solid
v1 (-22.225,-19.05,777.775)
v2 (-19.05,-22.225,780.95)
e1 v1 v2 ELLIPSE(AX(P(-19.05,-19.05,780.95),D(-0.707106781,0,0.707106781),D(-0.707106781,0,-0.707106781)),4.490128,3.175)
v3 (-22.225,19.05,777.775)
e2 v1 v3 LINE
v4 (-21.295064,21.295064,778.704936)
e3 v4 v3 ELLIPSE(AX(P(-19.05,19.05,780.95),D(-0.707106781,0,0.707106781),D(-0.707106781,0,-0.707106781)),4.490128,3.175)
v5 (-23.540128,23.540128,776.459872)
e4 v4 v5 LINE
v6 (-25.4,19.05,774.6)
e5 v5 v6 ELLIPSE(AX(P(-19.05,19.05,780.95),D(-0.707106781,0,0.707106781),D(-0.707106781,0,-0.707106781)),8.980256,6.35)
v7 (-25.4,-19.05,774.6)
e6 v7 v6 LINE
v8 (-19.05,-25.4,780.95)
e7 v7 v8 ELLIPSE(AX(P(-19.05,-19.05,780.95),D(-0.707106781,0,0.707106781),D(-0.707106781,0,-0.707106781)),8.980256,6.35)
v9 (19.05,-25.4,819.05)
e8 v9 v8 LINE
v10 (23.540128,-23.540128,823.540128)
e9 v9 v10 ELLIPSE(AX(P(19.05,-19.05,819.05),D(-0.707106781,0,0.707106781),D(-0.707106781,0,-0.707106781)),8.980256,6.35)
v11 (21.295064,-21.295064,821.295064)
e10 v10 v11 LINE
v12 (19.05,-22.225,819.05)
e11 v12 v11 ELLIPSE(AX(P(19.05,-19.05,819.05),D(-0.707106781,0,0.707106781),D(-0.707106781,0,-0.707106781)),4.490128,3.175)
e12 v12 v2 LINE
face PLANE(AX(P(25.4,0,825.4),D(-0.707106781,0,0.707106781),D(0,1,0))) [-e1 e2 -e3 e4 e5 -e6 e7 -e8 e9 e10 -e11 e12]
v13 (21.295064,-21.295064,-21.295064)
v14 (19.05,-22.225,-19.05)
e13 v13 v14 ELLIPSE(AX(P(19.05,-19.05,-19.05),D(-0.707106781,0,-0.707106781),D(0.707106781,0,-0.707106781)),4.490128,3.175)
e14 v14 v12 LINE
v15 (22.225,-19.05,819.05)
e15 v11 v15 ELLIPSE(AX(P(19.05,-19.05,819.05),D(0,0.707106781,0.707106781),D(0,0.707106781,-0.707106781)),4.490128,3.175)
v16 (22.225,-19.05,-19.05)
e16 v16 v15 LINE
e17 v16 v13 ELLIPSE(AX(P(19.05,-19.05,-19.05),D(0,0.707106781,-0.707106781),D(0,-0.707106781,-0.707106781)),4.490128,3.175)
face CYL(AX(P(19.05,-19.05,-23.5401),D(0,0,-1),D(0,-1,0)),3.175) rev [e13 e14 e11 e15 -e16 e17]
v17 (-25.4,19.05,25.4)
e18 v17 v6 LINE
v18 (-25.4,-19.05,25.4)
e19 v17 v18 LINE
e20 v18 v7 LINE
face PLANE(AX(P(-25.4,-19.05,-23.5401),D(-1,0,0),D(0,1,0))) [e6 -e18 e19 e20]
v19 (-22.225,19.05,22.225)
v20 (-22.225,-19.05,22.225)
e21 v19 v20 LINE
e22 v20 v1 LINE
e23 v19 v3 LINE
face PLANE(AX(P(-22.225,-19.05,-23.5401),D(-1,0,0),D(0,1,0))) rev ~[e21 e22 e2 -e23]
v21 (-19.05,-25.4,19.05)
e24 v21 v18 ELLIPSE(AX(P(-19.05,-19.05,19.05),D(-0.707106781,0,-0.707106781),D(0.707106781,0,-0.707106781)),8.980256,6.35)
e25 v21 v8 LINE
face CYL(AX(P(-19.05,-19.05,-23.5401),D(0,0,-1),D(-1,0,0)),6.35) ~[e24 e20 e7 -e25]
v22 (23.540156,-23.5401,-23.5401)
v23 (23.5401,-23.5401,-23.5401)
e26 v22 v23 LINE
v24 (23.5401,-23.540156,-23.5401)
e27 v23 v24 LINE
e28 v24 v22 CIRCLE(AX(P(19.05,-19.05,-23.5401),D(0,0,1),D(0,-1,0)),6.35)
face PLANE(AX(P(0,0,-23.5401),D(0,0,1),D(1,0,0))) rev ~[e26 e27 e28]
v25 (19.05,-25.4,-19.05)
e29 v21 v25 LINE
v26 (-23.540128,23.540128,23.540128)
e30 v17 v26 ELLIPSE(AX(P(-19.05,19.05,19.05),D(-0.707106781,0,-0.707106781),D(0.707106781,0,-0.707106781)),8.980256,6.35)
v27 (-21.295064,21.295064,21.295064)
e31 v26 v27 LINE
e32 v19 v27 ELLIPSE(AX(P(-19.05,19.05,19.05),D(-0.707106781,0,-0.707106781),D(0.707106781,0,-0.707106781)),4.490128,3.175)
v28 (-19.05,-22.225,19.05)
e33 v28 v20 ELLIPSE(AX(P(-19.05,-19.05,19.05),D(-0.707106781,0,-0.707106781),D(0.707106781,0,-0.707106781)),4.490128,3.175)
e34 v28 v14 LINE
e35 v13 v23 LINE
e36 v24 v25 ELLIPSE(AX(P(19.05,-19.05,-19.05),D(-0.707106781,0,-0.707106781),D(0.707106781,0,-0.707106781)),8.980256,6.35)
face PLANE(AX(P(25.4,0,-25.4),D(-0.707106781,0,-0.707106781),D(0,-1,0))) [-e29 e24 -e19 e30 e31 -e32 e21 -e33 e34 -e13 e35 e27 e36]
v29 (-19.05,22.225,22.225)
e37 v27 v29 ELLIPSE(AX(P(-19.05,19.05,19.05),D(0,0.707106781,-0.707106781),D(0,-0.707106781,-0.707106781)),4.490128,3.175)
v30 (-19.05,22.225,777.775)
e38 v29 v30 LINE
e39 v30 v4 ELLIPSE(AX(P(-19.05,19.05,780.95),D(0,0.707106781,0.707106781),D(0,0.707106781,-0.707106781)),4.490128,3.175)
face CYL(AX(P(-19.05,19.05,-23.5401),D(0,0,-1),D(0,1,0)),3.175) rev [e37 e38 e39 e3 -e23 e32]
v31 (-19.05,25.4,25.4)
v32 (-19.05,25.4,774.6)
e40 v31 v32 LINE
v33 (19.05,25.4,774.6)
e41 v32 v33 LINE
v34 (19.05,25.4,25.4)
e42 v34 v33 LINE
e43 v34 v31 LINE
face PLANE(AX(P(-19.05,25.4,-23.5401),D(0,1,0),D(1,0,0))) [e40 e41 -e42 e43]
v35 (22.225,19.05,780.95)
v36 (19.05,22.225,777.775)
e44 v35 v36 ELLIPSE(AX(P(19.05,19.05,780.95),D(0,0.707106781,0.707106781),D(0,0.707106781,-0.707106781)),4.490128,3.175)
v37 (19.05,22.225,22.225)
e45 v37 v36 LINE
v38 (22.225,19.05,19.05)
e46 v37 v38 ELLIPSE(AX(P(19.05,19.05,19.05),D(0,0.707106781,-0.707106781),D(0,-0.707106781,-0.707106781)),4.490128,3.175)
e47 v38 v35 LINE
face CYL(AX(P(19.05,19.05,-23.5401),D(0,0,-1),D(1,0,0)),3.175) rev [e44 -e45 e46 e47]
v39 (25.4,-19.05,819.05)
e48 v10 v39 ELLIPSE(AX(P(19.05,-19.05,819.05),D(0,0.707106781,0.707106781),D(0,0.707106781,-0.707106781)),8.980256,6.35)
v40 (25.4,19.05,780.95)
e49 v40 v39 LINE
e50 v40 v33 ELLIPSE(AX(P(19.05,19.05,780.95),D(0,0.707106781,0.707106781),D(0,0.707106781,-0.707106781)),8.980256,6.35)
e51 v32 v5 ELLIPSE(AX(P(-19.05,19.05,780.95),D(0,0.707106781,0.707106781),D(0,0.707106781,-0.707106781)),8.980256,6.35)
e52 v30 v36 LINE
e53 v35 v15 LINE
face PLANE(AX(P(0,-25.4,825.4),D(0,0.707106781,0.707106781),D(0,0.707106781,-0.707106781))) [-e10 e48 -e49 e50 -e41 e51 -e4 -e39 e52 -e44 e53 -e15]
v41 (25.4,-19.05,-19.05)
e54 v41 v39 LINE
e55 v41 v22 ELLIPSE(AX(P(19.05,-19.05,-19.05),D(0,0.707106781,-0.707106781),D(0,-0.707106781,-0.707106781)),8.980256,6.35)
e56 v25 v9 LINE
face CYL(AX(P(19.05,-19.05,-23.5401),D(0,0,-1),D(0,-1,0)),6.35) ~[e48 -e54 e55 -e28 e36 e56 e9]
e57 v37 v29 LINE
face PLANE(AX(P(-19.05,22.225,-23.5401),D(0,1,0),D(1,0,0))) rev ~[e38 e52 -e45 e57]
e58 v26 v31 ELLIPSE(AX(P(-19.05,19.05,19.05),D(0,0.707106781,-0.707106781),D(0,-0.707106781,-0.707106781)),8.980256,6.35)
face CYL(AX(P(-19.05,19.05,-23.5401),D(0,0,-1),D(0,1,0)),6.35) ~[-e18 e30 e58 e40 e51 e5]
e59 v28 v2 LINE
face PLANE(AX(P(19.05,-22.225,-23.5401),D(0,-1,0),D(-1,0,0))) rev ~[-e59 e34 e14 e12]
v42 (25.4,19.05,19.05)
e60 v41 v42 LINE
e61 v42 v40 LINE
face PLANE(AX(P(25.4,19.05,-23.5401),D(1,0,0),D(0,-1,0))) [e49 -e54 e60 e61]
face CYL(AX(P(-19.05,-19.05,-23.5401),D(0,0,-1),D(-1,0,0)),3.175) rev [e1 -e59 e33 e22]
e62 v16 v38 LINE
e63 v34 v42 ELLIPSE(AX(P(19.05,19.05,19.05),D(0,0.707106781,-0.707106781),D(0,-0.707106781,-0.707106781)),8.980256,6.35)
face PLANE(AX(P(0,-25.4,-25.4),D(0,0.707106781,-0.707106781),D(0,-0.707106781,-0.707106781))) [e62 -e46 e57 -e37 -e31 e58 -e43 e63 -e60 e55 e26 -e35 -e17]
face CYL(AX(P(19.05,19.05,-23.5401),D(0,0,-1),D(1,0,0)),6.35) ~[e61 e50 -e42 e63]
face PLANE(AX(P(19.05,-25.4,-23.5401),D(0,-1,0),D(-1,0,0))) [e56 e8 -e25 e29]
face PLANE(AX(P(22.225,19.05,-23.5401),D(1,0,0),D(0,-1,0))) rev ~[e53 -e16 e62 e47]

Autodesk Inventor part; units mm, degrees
ref_plane "Plano inicial" through (0, 0, -23.5401) normal (0, 0, 1) x (1, 0, 0)
ref_plane "Plano final" through (0, 0, 823.5401) normal (0, 0, 1) x (1, 0, 0)
sketch "Boceto" plane through (0, 0, 0) normal (0, 0, 1) x (1, 0, 0)
  line L0 (-25.4, -19.05) -> (-25.4, 19.05)
  line L1 (-19.05, 25.4) -> (19.05, 25.4)
  line L2 (25.4, 19.05) -> (25.4, -19.05)
  line L3 (19.05, -25.4) -> (-19.05, -25.4)
  arc A0 (-25.4, -19.05) -> (-19.05, -25.4) centre (-19.05, -19.05) ccw
  arc A1 (-19.05, 25.4) -> (-25.4, 19.05) centre (-19.05, 19.05) ccw
  arc A2 (25.4, 19.05) -> (19.05, 25.4) centre (19.05, 19.05) ccw
  arc A3 (19.05, -25.4) -> (25.4, -19.05) centre (19.05, -19.05) ccw
  arc A4 (-19.05, 22.225) -> (-22.225, 19.05) centre (-19.05, 19.05) ccw
  line L4 (-19.05, 22.225) -> (19.05, 22.225)
  arc A5 (22.225, 19.05) -> (19.05, 22.225) centre (19.05, 19.05) ccw
  line L5 (22.225, 19.05) -> (22.225, -19.05)
  arc A6 (19.05, -22.225) -> (22.225, -19.05) centre (19.05, -19.05) ccw
  line L6 (19.05, -22.225) -> (-19.05, -22.225)
  arc A7 (-22.225, -19.05) -> (-19.05, -22.225) centre (-19.05, -19.05) ccw
  line L7 (-22.225, -19.05) -> (-22.225, 19.05)
  line L8 (0, 37.4012) -> (0, -37.4012) construction
  line L9 (-37.4012, 0) -> (37.4012, 0) construction
  dimension "d10" = 50.8
  dimension "d11" = 50.8
  dimension "d12" = 3.175
  dimension "d15" = 25.4
  dimension "d16" = 25.4
  dimension "d17" = 6.35
extrude "Cuerpo" add sketch "Boceto" along normal up to surface (847.0803 mm away) from surface at -23.5401
sketch "Sketch3" plane through (0, 0, 0) normal (0, 0, 1) x (1, 0, 0)
  line L0 (0, 0) -> (10, 0)
ref_plane "Work Plane3" through (0, 0, 0) normal (0, -1, 0) x (1, 0, 0)
ref_plane "Plano de trabajo4" through (25.4, 0, -25.4) normal (-0.7071, 0, -0.7071) x (-0.7071, 0, 0.7071)
split "Dividir1" plane through (25.4, 0, -25.4) removes the side toward (-0.7071, 0, -0.7071)
ref_plane "Plano de trabajo5" through (0, -25.4, -25.4) normal (0, 0.7071, -0.7071) x (1, 0, 0)
split "Dividir2" plane through (0, -25.4, -25.4) removes the side toward (0, 0.7071, -0.7071)
ref_plane "Plano de trabajo6" through (25.4, 0, 825.4) normal (-0.7071, 0, 0.7071) x (0.7071, 0, 0.7071)
split "Dividir3" plane through (25.4, 0, 825.4) removes the side toward (-0.7071, 0, 0.7071)
ref_plane "Plano de trabajo7" through (0, -25.4, 825.4) normal (0, 0.7071, 0.7071) x (1, 0, 0)
split "Dividir4" plane through (0, -25.4, 825.4) removes the side toward (0, 0.7071, 0.7071)
sketch "Sketch4" plane through (0, 0, 0) normal (0, -1, 0) x (1, 0, 0)
  line L0 (-2, -23.5401) -> (12, -23.5401) projected
  line L1 (-2, 823.5401) -> (12, 823.5401) projected
  dimension "d19" = 847.0803
equation "\"d10\" = G_H"
equation "\"d11\" = G_W"
equation "\"d12\" = G_T"
equation "\"d15\" = 0.5 * d10"
equation "\"d16\" = 0.5 * d11"
equation "\"d17\" = G_IR"
equation "\"d3\" = G_L"
equation "\"G_W\" = 50.8"
equation "\"G_H\" = 50.8"
equation "\"G_T\" = 3.175"
equation "\"G_IR\" = 6.35"
equation "\"G_L\" = d19"
equation "\"G_OFFSET_START\" = 23.54013"
equation "\"G_OFFSET_END\" = 23.54013"
equation "\"d13\" = -G_OFFSET_START"
equation "\"d14\" = G_OFFSET_END + B_L"
equation "\"B_L\" = 800"
properties part number "AISC - 2 x 2 x 1/8 - 33,35" material "Acero, suave"
